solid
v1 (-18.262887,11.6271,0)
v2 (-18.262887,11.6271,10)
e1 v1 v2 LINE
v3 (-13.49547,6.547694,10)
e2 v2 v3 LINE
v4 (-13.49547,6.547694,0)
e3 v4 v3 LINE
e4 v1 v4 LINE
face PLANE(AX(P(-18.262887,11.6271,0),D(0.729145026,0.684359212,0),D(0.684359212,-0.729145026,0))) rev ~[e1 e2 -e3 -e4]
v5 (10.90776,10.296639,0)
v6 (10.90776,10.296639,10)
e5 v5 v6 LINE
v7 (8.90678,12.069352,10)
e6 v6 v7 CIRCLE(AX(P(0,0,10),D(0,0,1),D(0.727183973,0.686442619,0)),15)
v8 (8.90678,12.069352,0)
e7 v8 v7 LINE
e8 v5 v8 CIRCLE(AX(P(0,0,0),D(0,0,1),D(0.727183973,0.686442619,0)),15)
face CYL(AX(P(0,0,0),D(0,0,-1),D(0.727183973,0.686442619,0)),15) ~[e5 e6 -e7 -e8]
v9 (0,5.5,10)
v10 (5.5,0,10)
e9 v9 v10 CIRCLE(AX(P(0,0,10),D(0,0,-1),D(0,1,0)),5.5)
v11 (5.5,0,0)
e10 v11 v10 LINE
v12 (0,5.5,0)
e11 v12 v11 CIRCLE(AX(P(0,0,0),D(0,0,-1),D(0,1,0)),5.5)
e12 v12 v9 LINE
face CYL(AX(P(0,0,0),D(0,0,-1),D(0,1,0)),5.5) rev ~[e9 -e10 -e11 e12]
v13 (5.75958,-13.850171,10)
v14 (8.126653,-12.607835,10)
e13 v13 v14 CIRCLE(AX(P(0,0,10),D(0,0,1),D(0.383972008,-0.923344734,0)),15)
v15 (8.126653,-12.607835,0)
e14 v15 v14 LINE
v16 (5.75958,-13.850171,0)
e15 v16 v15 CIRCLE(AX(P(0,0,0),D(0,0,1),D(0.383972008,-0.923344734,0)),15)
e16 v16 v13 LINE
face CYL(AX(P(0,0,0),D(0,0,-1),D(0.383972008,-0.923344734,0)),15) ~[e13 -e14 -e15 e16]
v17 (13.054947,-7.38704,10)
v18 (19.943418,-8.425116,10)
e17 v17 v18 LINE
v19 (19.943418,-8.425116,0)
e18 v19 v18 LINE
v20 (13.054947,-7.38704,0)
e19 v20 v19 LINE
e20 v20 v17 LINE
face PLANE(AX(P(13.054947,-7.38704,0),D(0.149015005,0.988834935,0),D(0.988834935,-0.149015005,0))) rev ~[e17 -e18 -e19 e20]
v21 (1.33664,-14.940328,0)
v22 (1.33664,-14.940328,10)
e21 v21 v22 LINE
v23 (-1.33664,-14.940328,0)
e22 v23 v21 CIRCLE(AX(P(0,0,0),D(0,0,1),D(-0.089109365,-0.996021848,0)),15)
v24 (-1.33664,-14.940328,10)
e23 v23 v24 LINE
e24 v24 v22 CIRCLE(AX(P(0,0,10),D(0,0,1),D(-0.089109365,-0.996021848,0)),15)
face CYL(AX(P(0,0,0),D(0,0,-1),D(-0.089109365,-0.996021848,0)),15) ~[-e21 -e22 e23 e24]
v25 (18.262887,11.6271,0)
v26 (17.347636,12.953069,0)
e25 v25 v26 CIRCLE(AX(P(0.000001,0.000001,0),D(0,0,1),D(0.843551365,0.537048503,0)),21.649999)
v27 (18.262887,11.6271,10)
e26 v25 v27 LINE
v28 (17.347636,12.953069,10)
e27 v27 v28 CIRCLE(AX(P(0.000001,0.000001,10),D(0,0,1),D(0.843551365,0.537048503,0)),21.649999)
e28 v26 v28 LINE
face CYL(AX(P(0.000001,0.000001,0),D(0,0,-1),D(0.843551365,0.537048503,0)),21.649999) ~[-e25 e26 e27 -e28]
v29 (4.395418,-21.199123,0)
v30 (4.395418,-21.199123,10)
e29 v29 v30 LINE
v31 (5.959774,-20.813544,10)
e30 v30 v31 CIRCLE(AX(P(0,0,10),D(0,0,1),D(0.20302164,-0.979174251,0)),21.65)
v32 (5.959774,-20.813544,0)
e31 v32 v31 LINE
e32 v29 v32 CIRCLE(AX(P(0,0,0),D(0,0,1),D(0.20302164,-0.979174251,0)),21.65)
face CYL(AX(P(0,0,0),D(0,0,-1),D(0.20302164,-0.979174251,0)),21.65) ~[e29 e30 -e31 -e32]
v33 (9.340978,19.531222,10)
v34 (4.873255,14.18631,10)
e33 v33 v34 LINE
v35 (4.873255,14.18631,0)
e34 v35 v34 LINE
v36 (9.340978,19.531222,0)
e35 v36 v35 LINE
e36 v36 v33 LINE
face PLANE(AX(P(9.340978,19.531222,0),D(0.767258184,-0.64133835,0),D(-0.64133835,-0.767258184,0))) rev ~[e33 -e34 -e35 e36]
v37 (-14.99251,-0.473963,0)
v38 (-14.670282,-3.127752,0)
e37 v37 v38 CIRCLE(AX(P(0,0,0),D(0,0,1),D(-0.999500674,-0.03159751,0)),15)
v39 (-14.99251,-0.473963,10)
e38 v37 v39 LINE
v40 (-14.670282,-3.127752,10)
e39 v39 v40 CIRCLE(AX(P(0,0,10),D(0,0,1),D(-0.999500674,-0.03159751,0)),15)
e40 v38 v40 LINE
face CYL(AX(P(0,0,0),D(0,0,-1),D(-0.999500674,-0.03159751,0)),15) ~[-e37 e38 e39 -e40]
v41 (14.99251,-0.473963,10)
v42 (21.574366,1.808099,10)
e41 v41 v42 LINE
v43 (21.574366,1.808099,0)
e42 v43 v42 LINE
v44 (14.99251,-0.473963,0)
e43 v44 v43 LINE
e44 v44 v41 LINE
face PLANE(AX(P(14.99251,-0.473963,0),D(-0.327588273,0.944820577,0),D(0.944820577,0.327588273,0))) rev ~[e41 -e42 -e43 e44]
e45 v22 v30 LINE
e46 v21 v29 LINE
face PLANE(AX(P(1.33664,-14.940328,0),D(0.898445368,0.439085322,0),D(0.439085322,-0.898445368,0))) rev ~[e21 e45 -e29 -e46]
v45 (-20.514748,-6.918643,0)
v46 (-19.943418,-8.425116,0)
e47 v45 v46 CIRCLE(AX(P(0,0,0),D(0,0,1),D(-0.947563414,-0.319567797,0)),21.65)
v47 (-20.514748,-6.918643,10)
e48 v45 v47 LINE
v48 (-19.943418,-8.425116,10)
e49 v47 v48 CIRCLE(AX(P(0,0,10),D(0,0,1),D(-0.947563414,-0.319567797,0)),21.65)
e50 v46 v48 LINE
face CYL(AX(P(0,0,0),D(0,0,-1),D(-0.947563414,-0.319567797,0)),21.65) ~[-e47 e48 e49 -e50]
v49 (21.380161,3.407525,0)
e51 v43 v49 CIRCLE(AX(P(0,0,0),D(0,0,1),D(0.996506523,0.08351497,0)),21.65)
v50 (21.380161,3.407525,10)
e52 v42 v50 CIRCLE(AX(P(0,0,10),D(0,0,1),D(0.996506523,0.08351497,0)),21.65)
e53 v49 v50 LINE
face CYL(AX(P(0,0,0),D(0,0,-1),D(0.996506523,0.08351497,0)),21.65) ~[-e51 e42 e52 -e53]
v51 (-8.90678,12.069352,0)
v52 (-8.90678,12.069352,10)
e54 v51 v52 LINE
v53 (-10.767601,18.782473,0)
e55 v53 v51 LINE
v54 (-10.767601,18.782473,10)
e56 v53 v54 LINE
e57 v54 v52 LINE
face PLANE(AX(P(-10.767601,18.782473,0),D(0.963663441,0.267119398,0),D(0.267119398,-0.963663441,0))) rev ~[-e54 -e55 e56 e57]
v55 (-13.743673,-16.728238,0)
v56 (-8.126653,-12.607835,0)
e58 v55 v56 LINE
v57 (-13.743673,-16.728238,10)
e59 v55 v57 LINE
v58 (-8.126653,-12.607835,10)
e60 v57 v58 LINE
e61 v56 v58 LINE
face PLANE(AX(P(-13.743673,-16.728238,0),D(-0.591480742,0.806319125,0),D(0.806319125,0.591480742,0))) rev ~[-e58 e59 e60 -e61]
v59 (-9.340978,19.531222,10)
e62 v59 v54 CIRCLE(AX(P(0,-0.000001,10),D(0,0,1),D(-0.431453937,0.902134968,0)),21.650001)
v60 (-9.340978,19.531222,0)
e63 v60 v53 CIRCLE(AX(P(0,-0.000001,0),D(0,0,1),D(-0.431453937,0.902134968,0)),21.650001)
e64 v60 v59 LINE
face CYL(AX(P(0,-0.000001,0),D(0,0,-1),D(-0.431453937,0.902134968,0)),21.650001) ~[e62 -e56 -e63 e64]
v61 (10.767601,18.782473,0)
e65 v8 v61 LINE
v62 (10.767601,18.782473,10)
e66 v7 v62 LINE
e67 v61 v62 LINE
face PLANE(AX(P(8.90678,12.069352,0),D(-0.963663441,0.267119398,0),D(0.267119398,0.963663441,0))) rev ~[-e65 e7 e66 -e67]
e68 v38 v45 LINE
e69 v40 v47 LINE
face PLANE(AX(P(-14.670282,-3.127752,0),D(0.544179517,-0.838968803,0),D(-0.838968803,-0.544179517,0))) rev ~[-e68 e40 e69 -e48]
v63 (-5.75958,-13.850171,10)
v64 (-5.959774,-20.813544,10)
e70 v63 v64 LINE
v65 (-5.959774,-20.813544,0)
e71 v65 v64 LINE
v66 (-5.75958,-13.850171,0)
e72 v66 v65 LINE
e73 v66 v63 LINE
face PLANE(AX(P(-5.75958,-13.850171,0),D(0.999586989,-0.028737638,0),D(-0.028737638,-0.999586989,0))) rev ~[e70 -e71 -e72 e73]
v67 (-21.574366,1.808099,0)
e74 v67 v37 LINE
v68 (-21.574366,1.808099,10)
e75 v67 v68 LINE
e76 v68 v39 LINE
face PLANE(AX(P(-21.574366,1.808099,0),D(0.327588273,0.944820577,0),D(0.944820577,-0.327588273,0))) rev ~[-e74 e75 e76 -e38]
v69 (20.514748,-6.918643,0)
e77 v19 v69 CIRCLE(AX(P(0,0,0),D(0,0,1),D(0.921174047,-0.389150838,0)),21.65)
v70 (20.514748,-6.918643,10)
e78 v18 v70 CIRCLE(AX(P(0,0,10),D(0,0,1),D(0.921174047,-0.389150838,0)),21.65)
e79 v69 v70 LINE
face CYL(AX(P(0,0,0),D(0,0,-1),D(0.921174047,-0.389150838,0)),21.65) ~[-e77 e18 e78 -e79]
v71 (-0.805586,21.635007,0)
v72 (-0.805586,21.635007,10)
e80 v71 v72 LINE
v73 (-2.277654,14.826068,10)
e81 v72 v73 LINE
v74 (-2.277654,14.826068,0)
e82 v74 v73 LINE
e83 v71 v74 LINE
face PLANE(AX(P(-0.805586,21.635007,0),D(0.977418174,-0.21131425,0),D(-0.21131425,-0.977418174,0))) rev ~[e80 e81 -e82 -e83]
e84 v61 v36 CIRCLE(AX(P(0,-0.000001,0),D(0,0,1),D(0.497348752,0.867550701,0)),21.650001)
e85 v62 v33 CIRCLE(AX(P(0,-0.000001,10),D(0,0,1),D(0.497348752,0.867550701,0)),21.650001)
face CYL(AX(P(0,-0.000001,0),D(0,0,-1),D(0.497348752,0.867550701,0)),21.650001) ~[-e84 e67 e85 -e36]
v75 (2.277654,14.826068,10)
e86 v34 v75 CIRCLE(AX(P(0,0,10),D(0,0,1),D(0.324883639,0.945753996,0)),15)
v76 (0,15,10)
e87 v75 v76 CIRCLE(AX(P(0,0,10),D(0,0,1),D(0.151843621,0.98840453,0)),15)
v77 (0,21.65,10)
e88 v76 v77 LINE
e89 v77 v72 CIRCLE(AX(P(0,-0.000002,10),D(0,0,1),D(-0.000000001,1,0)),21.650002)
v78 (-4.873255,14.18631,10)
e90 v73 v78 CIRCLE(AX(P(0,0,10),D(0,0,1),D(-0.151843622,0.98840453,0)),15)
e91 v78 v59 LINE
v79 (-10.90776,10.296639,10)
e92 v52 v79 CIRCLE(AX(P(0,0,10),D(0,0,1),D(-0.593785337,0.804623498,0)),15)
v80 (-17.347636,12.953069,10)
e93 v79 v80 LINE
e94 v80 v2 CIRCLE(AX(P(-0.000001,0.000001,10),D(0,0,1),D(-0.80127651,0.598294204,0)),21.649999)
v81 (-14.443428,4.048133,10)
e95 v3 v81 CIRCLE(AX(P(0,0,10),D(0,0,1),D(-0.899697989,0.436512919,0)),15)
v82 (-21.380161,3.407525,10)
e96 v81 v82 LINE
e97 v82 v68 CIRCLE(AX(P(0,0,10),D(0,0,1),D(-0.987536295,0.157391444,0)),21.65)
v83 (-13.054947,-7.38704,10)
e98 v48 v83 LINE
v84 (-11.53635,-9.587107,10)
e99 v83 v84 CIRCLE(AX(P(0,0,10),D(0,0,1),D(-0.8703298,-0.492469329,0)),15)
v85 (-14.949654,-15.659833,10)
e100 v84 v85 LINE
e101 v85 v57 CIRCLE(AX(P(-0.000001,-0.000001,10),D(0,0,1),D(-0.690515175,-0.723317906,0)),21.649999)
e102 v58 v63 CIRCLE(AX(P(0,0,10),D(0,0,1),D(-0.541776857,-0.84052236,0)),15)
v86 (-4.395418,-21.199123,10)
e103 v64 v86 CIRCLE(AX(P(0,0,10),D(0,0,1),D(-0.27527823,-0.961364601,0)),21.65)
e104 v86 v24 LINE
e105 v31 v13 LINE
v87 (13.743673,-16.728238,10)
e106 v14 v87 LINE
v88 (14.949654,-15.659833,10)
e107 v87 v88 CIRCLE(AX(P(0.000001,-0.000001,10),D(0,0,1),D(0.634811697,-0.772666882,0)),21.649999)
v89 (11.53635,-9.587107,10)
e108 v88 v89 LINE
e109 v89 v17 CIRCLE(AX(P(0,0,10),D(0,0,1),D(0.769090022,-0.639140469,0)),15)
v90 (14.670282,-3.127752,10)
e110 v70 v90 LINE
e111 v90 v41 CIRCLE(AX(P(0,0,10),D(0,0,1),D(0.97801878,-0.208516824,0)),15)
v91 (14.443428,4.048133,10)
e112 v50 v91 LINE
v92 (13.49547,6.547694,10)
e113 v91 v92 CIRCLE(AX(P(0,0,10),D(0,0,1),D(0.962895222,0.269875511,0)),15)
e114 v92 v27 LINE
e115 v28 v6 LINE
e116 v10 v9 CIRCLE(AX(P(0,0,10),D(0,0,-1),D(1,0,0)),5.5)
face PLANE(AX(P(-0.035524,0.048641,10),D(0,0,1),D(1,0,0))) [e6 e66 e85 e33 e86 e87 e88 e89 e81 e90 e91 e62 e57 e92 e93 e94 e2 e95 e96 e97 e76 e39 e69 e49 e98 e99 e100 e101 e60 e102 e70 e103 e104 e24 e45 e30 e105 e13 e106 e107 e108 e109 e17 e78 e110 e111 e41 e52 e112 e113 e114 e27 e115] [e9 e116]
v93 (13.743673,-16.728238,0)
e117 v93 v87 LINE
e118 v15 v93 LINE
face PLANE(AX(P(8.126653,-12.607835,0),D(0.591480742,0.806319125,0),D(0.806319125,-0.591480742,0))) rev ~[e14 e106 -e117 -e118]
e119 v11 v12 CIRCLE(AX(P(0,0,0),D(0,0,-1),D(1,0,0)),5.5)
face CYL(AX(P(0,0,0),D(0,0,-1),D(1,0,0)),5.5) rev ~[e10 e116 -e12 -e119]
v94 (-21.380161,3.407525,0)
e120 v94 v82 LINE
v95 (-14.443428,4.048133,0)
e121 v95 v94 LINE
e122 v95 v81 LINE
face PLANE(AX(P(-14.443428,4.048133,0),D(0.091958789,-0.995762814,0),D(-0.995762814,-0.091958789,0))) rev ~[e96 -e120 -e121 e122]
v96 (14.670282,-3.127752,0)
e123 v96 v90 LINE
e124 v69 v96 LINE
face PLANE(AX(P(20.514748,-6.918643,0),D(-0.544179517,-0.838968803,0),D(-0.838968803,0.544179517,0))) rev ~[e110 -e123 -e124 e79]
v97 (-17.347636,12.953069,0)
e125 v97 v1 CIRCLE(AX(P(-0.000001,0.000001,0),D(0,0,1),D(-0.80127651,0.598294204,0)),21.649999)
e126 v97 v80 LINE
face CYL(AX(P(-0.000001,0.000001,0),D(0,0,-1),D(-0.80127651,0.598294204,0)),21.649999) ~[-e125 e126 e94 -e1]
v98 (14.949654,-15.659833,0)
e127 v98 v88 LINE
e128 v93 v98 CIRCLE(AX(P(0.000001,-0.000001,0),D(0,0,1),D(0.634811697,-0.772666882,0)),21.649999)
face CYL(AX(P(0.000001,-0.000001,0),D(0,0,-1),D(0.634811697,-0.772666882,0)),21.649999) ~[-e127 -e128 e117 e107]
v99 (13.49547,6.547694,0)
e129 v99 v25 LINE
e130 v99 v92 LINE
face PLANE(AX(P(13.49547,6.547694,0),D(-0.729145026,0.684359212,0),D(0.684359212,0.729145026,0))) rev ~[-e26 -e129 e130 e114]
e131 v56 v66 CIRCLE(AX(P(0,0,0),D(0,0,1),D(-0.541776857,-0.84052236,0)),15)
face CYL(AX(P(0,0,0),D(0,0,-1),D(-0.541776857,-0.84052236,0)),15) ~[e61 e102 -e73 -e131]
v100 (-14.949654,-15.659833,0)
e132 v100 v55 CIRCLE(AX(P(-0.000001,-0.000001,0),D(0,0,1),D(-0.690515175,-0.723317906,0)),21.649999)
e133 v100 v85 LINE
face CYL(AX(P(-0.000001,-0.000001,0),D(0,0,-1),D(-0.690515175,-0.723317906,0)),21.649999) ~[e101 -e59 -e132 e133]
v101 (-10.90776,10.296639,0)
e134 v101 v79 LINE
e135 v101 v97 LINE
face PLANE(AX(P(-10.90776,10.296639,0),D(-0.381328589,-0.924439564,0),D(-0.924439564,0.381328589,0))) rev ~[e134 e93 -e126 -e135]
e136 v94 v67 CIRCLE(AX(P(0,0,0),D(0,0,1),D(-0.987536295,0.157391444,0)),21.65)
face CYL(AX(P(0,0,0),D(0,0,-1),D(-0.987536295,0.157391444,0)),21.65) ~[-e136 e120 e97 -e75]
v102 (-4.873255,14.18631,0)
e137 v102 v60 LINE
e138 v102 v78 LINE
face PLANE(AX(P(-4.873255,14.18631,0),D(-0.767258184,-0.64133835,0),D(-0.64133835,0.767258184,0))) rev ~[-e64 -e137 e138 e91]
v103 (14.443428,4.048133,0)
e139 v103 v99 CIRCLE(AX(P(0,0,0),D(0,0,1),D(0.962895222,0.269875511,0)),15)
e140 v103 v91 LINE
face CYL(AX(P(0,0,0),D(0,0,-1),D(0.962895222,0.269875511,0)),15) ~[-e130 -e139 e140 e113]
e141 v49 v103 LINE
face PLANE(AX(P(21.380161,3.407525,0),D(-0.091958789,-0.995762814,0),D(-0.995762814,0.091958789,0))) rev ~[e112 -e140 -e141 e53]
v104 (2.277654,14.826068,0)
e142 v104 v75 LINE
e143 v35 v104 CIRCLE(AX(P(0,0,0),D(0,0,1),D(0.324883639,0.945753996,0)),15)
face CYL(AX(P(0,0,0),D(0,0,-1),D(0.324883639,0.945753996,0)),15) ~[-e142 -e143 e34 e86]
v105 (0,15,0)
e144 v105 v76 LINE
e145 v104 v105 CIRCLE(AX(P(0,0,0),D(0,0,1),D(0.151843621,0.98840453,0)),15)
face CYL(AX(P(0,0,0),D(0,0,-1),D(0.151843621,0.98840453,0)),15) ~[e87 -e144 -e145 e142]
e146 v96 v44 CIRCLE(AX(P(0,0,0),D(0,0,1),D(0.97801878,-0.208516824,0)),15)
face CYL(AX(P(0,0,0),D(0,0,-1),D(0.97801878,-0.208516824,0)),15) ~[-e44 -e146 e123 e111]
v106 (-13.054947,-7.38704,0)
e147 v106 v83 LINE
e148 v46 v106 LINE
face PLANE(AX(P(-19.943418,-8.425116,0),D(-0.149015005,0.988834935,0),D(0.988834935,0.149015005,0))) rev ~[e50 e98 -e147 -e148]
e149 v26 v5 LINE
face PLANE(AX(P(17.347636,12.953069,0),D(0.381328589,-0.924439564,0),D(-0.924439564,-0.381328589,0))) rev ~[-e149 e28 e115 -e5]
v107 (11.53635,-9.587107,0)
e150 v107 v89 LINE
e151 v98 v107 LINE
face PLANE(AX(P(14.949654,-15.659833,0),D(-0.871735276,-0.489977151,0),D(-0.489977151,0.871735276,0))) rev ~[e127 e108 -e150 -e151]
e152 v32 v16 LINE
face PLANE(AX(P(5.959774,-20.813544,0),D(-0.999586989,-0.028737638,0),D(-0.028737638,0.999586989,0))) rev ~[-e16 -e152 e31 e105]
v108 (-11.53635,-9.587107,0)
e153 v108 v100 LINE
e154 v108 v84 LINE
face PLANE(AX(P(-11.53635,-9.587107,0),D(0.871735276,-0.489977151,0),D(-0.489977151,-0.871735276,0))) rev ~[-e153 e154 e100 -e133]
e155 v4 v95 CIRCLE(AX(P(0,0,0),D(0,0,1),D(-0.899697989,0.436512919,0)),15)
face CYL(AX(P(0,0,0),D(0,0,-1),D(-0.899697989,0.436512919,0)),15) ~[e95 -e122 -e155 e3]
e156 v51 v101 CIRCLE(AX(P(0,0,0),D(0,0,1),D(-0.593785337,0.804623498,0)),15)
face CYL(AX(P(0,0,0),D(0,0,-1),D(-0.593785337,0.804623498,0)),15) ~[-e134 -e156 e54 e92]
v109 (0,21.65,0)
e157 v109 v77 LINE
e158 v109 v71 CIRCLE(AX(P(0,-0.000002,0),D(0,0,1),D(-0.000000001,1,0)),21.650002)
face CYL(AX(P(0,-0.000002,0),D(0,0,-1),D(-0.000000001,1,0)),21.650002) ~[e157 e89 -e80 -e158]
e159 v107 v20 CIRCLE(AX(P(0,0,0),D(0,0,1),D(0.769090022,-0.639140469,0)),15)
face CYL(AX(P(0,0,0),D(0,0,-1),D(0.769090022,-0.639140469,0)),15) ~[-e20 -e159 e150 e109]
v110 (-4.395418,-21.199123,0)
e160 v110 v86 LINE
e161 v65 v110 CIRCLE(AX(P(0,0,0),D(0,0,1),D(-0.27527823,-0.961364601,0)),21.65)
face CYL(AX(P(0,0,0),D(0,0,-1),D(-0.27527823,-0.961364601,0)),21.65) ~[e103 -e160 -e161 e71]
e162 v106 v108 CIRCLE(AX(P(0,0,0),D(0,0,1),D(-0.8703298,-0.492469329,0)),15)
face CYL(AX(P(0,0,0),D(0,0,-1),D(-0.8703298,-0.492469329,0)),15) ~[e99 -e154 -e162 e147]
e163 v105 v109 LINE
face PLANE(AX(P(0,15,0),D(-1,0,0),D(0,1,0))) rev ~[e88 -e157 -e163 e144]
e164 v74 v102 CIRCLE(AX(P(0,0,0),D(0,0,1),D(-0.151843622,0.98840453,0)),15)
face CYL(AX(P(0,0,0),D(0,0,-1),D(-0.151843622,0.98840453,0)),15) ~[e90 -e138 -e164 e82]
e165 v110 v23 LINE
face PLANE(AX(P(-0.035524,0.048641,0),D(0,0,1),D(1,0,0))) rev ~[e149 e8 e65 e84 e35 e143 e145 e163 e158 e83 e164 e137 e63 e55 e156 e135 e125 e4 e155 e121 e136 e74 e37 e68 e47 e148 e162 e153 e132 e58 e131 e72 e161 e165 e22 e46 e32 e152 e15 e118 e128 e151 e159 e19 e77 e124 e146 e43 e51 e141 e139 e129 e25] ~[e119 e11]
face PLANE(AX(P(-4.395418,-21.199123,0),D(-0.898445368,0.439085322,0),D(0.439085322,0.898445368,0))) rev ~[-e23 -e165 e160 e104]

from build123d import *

# Parameters (mm, degrees)
BOSS_EXTRUDE1_DEPTH = 10


with BuildPart() as part:
    # Sketch1 → Boss-Extrude1 (new body)
    with BuildSketch(Plane.XY):
        with BuildLine():
            Line((0, 15), (0, 21.65))
            ThreePointArc((0, 21.65), (-0.40286299, 21.64625144), (-0.805586474, 21.635007059))
            Line((-0.805586474, 21.635007059), (-2.277654316, 14.826067949))
            ThreePointArc((-2.277654316, 14.826067949), (-3.589734964, 14.564127261), (-4.873254588, 14.18630994))
            Line((-4.873254588, 14.18630994), (-9.34097771, 19.531222067))
            ThreePointArc((-9.34097771, 19.531222067), (-10.061256675, 19.170122955), (-10.767600505, 18.782472664))
            Line((-10.767600505, 18.782472664), (-8.906780064, 12.069352464))
            ThreePointArc((-8.906780064, 12.069352464), (-9.946839874, 11.227661223), (-10.907759595, 10.296639288))
            Line((-10.907759595, 10.296639288), (-17.347636471, 12.953069476))
            ThreePointArc((-17.347636471, 12.953069476), (-17.817600697, 12.298601767), (-18.262887024, 11.627100134))
            Line((-18.262887024, 11.627100134), (-13.495469838, 6.547693781))
            ThreePointArc((-13.495469838, 6.547693781), (-14.02524364, 5.319073306), (-14.443428331, 4.048132663))
            Line((-14.443428331, 4.048132663), (-21.380160779, 3.40752477))
            ThreePointArc((-21.380160779, 3.40752477), (-21.492147124, 2.609619128), (-21.574366218, 1.808099086))
            Line((-21.574366218, 1.808099086), (-14.992510111, -0.473962639))
            ThreePointArc((-14.992510111, -0.473962639), (-14.890633111, -1.808050204), (-14.670281698, -3.12775237))
            Line((-14.670281698, -3.12775237), (-20.514747911, -6.918642796))
            ThreePointArc((-20.514747911, -6.918642796), (-20.243101654, -7.677195804), (-19.94341811, -8.425115673))
            Line((-19.94341811, -8.425115673), (-13.054946996, -7.38703993))
            ThreePointArc((-13.054946996, -7.38703993), (-12.344757988, -8.520971201), (-11.536350325, -9.587107028))
            Line((-11.536350325, -9.587107028), (-14.949653526, -15.659832676))
            ThreePointArc((-14.949653526, -15.659832676), (-14.356605551, -16.205257698), (-13.743673257, -16.728237964))
            Line((-13.743673257, -16.728237964), (-8.126652854, -12.607835397))
            ThreePointArc((-8.126652854, -12.607835397), (-6.970847581, -13.281840385), (-5.75958012, -13.850171004))
            Line((-5.75958012, -13.850171004), (-5.959773682, -20.813543611))
            ThreePointArc((-5.959773682, -20.813543611), (-5.181184132, -21.020890347), (-4.395418491, -21.199122536))
            Line((-4.395418491, -21.199122536), (-1.336640479, -14.940327715))
            ThreePointArc((-1.336640479, -14.940327715), (0, -15), (1.336640479, -14.940327715))
            Line((1.336640479, -14.940327715), (4.395418491, -21.199122536))
            ThreePointArc((4.395418491, -21.199122536), (5.181184132, -21.020890347), (5.959773682, -20.813543611))
            Line((5.959773682, -20.813543611), (5.75958012, -13.850171004))
            ThreePointArc((5.75958012, -13.850171004), (6.970847581, -13.281840385), (8.126652854, -12.607835397))
            Line((8.126652854, -12.607835397), (13.743673257, -16.728237964))
            ThreePointArc((13.743673257, -16.728237964), (14.356605551, -16.205257698), (14.949653526, -15.659832676))
            Line((14.949653526, -15.659832676), (11.536350325, -9.587107028))
            ThreePointArc((11.536350325, -9.587107028), (12.344757988, -8.520971201), (13.054946996, -7.38703993))
            Line((13.054946996, -7.38703993), (19.94341811, -8.425115673))
            ThreePointArc((19.94341811, -8.425115673), (20.243101654, -7.677195804), (20.514747911, -6.918642796))
            Line((20.514747911, -6.918642796), (14.670281698, -3.12775237))
            ThreePointArc((14.670281698, -3.12775237), (14.890633111, -1.808050204), (14.992510111, -0.473962639))
            Line((14.992510111, -0.473962639), (21.574366218, 1.808099086))
            ThreePointArc((21.574366218, 1.808099086), (21.492147124, 2.609619128), (21.380160779, 3.40752477))
            Line((21.380160779, 3.40752477), (14.443428331, 4.048132663))
            ThreePointArc((14.443428331, 4.048132663), (14.02524364, 5.319073306), (13.495469838, 6.547693781))
            Line((13.495469838, 6.547693781), (18.262887024, 11.627100134))
            ThreePointArc((18.262887024, 11.627100134), (17.817600697, 12.298601767), (17.347636471, 12.953069476))
            Line((17.347636471, 12.953069476), (10.907759595, 10.296639288))
            ThreePointArc((10.907759595, 10.296639288), (9.946839874, 11.227661223), (8.906780064, 12.069352464))
            Line((8.906780064, 12.069352464), (10.767600505, 18.782472664))
            ThreePointArc((10.767600505, 18.782472664), (10.061256675, 19.170122955), (9.34097771, 19.531222067))
            Line((9.34097771, 19.531222067), (4.873254588, 14.18630994))
            ThreePointArc((4.873254588, 14.18630994), (3.589734964, 14.564127261), (2.277654316, 14.826067949))
            ThreePointArc((2.277654316, 14.826067949), (1.142142892, 14.956453778), (0, 15))
        make_face()
        with BuildLine():
            ThreePointArc((5.5, 0), (-3.889087297, -3.889087297), (0, 5.5))
            ThreePointArc((0, 5.5), (3.889087297, 3.889087297), (5.5, 0))
        make_face(mode=Mode.SUBTRACT)
    extrude(amount=BOSS_EXTRUDE1_DEPTH)


solid = part.part
